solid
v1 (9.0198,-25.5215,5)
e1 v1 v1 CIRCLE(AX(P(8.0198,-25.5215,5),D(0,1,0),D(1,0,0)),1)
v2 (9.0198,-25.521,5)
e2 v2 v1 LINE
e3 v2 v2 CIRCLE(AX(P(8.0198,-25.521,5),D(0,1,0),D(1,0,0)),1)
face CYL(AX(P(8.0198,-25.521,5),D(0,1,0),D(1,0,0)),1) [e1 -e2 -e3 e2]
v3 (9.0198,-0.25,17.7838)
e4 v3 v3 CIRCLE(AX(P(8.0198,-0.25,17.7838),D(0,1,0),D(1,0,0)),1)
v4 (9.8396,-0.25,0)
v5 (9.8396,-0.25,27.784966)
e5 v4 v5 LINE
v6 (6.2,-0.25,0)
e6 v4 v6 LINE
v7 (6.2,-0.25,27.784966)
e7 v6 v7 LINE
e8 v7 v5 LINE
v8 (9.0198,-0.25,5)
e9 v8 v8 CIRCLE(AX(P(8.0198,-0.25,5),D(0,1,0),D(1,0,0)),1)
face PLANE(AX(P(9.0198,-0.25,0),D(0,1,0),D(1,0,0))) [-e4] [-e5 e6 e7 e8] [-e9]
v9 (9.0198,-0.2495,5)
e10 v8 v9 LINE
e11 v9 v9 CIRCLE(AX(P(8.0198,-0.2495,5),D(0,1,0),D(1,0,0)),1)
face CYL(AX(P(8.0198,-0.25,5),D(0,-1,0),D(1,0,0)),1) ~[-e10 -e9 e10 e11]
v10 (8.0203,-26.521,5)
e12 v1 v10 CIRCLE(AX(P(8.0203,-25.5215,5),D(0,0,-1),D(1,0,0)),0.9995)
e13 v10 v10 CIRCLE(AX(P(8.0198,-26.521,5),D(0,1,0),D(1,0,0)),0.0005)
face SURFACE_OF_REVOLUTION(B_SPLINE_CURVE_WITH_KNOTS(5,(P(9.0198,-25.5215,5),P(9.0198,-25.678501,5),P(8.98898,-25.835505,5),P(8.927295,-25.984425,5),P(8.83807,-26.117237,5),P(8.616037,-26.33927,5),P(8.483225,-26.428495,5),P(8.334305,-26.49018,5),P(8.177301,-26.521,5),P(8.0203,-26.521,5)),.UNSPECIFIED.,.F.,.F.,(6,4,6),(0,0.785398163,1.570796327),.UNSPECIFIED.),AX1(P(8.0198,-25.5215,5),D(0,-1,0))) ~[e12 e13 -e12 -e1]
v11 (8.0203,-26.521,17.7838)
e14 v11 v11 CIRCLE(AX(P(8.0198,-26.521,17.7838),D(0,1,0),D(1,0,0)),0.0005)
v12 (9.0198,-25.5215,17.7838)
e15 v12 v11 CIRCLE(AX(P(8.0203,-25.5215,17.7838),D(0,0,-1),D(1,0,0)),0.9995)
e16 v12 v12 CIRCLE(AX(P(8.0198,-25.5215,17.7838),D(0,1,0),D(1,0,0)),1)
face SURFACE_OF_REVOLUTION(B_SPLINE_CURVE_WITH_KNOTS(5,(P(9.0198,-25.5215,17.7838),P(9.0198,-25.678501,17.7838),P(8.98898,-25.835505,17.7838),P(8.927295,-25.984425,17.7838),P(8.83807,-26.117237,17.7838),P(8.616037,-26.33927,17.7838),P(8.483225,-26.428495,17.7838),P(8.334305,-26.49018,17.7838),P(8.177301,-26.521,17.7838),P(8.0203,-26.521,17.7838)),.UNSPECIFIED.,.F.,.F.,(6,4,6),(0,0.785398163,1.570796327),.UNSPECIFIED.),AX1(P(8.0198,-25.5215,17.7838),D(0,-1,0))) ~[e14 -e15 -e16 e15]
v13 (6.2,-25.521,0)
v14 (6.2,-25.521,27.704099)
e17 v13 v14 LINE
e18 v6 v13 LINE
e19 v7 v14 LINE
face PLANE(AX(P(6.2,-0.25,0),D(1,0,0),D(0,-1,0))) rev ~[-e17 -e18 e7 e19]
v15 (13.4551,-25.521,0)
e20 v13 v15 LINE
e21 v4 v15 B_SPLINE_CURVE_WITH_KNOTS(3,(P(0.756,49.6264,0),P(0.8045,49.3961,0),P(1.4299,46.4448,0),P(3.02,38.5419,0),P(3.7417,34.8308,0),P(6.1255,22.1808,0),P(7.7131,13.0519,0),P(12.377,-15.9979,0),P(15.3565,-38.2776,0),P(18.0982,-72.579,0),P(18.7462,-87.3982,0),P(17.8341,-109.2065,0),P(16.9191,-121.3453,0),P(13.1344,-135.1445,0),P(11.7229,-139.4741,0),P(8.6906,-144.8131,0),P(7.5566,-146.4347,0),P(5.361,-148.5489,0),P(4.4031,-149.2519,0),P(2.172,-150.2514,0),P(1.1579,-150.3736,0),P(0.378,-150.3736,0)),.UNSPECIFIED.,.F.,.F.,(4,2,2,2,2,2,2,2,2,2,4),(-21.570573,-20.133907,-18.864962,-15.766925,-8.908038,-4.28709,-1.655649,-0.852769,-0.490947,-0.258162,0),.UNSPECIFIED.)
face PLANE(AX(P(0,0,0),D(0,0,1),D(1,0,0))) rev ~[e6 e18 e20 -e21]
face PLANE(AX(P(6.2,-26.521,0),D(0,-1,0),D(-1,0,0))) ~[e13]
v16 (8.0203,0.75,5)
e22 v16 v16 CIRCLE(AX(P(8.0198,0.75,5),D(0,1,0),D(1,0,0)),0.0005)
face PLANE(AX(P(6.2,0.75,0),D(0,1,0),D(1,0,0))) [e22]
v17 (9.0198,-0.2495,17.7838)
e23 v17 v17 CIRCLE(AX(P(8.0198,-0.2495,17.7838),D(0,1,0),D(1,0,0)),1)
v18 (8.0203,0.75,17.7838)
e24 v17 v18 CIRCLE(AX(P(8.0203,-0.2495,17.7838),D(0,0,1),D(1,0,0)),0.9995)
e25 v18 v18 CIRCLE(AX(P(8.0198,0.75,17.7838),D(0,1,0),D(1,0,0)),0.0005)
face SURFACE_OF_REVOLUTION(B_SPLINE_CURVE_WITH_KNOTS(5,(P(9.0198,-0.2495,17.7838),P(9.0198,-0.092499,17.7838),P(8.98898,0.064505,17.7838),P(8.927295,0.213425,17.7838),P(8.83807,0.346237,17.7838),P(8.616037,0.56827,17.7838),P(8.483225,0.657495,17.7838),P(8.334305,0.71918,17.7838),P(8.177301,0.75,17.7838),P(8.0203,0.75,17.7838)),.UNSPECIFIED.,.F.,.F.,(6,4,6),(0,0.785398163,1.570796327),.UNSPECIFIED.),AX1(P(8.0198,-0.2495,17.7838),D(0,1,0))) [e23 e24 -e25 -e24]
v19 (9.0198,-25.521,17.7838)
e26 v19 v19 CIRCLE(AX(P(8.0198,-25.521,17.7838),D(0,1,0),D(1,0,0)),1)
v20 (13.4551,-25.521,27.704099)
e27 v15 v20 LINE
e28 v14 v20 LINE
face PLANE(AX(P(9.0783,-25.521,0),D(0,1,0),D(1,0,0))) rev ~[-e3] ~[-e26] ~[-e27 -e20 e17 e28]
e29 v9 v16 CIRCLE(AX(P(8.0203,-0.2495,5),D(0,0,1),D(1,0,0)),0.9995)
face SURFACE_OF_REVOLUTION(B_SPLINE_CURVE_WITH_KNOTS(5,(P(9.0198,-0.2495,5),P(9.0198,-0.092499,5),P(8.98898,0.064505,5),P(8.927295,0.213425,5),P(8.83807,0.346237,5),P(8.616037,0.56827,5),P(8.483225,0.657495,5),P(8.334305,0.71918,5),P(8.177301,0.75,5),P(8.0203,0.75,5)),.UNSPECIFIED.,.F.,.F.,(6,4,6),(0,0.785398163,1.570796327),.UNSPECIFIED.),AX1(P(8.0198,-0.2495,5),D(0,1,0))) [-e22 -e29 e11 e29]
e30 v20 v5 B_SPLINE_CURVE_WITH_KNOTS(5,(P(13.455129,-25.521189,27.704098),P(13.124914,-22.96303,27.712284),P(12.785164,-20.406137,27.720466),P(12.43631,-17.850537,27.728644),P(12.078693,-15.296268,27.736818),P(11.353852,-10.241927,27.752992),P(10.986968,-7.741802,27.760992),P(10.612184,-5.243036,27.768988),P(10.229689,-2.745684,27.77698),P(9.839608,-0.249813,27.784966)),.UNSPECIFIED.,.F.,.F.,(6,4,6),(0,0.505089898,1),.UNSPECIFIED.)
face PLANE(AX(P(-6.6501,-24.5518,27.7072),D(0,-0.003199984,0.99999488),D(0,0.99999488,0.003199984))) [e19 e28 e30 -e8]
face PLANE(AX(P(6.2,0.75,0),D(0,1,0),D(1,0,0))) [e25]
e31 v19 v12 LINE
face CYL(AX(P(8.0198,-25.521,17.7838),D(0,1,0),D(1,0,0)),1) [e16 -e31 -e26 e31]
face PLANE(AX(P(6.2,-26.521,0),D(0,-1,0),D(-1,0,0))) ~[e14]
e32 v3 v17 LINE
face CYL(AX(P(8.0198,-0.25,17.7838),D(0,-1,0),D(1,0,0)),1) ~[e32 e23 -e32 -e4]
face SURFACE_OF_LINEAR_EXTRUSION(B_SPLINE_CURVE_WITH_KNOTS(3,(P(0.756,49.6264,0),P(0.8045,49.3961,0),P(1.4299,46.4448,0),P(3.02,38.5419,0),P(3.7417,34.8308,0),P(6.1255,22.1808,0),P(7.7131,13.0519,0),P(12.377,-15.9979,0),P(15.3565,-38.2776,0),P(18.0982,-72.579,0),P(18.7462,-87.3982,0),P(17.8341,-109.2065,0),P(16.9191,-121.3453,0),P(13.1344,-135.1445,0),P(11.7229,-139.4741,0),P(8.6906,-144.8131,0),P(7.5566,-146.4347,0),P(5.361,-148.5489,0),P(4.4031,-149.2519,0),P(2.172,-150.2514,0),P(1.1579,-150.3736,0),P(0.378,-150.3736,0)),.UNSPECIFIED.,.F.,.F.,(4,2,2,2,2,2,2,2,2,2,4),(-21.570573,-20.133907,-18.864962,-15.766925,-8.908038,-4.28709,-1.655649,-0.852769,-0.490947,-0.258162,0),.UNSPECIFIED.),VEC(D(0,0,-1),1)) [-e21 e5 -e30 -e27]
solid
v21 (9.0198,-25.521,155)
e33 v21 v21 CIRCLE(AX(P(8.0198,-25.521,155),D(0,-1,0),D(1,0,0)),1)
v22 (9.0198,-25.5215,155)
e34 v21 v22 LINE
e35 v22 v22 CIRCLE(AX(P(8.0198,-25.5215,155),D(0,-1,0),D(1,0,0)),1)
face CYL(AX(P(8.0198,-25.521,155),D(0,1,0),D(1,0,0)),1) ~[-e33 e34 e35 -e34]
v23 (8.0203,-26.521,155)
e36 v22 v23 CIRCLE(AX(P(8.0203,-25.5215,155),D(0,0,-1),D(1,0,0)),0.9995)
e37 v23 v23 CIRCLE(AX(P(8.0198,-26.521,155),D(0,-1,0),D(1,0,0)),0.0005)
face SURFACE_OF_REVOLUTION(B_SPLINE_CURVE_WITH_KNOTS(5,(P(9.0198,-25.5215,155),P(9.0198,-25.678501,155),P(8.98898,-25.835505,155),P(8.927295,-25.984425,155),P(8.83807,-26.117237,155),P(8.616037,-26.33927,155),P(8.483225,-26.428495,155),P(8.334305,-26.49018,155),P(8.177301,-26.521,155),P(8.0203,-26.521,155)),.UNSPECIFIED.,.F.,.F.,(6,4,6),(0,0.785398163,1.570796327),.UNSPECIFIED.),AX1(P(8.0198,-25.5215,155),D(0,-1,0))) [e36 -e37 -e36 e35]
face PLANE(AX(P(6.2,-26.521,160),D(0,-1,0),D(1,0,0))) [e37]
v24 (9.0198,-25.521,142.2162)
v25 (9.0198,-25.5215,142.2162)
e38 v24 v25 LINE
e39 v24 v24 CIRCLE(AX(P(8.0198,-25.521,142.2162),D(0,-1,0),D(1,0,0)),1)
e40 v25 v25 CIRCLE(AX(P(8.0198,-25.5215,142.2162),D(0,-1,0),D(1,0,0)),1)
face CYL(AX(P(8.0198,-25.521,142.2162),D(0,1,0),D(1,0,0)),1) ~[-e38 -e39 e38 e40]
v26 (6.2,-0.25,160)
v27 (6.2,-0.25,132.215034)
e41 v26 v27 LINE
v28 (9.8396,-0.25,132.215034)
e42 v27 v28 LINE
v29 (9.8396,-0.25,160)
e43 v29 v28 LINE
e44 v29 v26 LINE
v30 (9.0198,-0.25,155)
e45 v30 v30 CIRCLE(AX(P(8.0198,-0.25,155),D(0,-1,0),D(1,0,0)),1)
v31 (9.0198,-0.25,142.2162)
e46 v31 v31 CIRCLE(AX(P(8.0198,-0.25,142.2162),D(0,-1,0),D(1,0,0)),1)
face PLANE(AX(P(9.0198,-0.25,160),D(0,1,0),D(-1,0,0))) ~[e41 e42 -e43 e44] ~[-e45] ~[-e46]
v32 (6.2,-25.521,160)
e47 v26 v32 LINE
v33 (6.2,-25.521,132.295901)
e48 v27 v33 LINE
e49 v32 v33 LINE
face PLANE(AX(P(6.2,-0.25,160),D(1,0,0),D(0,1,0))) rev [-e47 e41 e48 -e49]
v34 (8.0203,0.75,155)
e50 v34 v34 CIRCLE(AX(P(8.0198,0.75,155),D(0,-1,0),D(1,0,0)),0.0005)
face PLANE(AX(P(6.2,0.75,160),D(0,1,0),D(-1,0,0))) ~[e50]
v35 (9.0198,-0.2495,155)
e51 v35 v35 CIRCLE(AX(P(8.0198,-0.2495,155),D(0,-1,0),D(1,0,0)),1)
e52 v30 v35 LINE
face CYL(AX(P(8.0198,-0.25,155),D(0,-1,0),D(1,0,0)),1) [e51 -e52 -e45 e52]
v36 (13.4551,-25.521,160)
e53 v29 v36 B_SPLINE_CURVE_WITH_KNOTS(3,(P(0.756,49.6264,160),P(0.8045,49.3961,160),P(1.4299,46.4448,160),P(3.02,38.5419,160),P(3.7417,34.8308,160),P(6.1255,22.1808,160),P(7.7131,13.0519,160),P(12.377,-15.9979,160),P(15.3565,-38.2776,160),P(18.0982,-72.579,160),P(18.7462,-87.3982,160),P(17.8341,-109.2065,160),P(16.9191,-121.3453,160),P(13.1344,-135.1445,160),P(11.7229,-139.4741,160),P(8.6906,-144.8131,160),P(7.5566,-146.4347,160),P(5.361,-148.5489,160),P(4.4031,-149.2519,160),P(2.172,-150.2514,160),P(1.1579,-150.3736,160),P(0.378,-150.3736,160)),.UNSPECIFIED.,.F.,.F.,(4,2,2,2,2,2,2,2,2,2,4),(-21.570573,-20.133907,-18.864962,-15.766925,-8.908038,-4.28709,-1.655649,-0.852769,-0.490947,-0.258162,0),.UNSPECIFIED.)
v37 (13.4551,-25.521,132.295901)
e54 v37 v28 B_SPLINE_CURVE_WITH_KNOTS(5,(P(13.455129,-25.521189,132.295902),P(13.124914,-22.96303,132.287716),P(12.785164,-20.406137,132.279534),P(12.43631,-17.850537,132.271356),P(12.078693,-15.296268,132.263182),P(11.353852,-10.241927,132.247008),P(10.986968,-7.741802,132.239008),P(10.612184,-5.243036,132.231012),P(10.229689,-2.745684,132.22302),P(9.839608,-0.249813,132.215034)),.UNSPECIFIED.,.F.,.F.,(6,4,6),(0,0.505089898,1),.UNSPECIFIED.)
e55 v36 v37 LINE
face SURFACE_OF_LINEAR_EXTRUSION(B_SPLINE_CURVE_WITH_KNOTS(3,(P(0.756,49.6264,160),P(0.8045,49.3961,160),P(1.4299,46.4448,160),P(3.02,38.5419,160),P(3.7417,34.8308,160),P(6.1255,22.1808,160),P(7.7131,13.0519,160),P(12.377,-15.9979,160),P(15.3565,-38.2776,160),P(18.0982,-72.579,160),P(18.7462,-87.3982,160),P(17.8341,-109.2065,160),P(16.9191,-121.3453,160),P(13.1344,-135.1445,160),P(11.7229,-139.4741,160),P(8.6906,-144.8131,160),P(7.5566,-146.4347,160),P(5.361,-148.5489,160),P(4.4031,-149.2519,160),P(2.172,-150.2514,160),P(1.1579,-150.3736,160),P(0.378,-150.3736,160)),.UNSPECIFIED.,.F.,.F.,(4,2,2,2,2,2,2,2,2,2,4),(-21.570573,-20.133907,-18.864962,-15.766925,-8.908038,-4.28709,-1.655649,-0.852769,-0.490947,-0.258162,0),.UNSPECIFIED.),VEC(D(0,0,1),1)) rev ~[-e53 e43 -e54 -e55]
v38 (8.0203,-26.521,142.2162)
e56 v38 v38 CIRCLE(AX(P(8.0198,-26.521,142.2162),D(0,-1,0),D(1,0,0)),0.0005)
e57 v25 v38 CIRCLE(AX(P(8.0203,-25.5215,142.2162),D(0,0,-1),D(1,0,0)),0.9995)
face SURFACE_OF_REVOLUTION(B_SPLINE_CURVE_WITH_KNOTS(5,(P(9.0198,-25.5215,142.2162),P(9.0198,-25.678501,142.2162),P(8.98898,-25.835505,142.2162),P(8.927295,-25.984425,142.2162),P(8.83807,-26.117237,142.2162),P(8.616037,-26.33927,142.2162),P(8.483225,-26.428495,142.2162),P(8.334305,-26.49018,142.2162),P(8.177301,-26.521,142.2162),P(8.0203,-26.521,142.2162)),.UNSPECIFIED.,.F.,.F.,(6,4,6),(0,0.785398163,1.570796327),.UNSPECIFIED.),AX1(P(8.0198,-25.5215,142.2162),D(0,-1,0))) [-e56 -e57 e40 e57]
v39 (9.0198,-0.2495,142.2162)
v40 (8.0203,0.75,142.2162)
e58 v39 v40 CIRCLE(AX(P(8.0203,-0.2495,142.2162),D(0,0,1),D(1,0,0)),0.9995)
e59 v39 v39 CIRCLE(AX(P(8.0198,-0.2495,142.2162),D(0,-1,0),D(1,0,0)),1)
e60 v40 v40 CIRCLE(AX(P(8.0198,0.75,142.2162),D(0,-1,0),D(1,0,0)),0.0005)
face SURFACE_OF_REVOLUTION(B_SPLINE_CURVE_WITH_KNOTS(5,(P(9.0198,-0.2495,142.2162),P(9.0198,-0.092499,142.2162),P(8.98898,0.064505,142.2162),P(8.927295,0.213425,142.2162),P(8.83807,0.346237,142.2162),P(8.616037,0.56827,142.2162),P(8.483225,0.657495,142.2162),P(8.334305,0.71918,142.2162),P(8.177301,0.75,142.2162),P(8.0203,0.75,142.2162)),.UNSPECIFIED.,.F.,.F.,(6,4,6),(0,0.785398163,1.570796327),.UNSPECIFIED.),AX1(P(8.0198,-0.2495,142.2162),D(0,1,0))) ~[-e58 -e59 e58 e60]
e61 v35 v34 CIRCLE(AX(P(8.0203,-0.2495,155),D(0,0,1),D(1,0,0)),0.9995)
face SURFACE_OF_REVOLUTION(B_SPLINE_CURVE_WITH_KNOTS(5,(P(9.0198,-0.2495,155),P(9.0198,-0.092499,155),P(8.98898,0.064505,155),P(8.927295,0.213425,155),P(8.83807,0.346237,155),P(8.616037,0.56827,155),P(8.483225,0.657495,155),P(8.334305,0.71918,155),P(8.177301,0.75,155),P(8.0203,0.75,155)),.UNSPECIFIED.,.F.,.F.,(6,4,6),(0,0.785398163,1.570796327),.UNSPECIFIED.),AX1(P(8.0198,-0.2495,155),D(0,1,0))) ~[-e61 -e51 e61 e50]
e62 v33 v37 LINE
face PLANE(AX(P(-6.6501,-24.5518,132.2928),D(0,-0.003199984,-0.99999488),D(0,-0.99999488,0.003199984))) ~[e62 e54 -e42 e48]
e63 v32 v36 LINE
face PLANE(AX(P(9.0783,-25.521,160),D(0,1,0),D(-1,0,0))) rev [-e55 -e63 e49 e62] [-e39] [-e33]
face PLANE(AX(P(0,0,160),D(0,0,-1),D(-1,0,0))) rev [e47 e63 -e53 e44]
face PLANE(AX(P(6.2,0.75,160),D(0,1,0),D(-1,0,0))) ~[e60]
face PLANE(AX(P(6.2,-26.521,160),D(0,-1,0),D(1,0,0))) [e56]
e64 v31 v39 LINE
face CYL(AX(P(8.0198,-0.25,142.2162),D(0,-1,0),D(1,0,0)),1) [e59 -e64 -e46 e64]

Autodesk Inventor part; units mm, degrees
ref_plane "YZ Plane" through (0, 0, 0) normal (1, 0, 0) x (0, 1, 0)
ref_plane "Work Plane1" through (0, 0, 0) normal (0, 0, 1) x (1, 0, 0)
sketch "Sketch1" plane through (0, 0, 0) normal (0, 0, 1) x (1, 0, 0)
  spline S0 degree 3 poles (0.756, 49.6264) (0.8045, 49.3961) (1.4299, 46.4448) (3.02, 38.5419) (3.7417, 34.8308) (6.1255, 22.1808) (7.7131, 13.0519) (12.377, -15.9979) (15.3565, -38.2776) (18.0982, -72.579) (18.7462, -87.3982) (17.8341, -109.2065) (16.9191, -121.3453) (13.1344, -135.1445) (11.7229, -139.4741) (8.6906, -144.8131) (7.5566, -146.4347) (5.361, -148.5489) (4.4031, -149.2519) (2.172, -150.2514) (1.1579, -150.3736) (0.378, -150.3736) knots -21.570573 -21.570573 -21.570573 -21.570573 -20.133907 -20.133907 -18.864962 -18.864962 -15.766925 -15.766925 -8.908038 -8.908038 -4.28709 -4.28709 -1.655649 -1.655649 -0.852769 -0.852769 -0.490947 -0.490947 -0.258162 -0.258162 0 0 0 0 projected
  line L0 (13.2039, -25.771) -> (-6.8, -25.771) projected
  line L1 (-6.8, 0) -> (9.8005, 0) projected
  line L2 (5.2, -2.2181) -> (5.2, 1.2819) projected
  line L3 (6.2, 0) -> (6.2, -25.771)
  line L4 (6.2, -0.25) -> (9.8396, -0.25)
  line L5 (6.2, -25.521) -> (13.4551, -25.521)
  circle A0 centre (8.0198, -0.25) radius 1
  circle A1 centre (8.0783, -25.521) radius 1
  circle A2 centre (8.0198, -0.25) radius 1
  circle A3 centre (8.0783, -25.521) radius 1
  point P0 (0, 0)
  point P1 (9.0783, -25.521)
  point P2 (9.0198, -0.25)
  point P3 (7.0198, -0.25)
  point P4 (7.0783, -25.521)
  dimension "d0" = 1
  dimension "d1" = 0.25
  dimension "d2" = 0.25
  dimension "d3" = 2
  dimension "d4" = 2
ref_plane "Work Plane2" through (-6.6501, -24.5518, 27.7072) normal (0, -0.0032, 1) x (1, 0, 0)
ref_plane "Work Plane3" through (-6.6501, -24.5518, 27.7072) normal (0, -0.0032, 1) x (1, 0, 0)
extrude "Extrusion1" add sketch "Sketch1" along normal up to surface contours S0 L5 A1 L3 L4 A0 | A0 L4 | L5 A1 surface through (-6.6501, -24.5518, 27.7072) normal (0, -0.0032, 1)
ref_plane "Work Plane4" through (0, 0, 80) normal (0, 0, 1) x (1, 0, 0)
sketch "Sketch3" plane through (6.2, -0.25, 0) normal (0, 1, 0) x (1, 0, 0)
  circle A0 centre (1.8198, -5) radius 1
  circle A1 centre (1.8198, -17.7838) radius 1
  line L0 (0, -27.7838) -> (3.6396, -27.7838) projected
  line L1 (3.6396, 0) -> (0, 0) projected
  point P0 (-6.2, 0)
  point P1 (1.8198, -27.7838)
  point P2 (1.8198, 0)
  dimension "d10" = 2
  dimension "d11" = 2
  dimension "d13" = 10
  dimension "d14" = 5
extrude "Extrusion3" add sketch "Sketch3" along normal blind 1
fillet "Fillet1" radius 1 2 edges at (7.0198, 0.75, 5) (7.0198, 0.75, 17.7838)
ref_plane "Work Plane5" through (6.2, -12.8855, 0) normal (0, 1, 0) x (1, 0, 0)
mirror "Mirror2" about plane through (6.2, -12.8855, 0) normal (0, 1, 0) of "Extrusion3"
fillet "Fillet2" radius 1 2 edges at (7.0198, -26.521, 17.7838) (7.0198, -26.521, 5)
ref_plane "Work Plane6" through (0, 0, 792.194) normal (0, 0, 1) x (1, 0, 0)
mirror "Mirror3" about plane through (0, 0, 80) normal (0, 0, 1)
properties part number "servo cap"
